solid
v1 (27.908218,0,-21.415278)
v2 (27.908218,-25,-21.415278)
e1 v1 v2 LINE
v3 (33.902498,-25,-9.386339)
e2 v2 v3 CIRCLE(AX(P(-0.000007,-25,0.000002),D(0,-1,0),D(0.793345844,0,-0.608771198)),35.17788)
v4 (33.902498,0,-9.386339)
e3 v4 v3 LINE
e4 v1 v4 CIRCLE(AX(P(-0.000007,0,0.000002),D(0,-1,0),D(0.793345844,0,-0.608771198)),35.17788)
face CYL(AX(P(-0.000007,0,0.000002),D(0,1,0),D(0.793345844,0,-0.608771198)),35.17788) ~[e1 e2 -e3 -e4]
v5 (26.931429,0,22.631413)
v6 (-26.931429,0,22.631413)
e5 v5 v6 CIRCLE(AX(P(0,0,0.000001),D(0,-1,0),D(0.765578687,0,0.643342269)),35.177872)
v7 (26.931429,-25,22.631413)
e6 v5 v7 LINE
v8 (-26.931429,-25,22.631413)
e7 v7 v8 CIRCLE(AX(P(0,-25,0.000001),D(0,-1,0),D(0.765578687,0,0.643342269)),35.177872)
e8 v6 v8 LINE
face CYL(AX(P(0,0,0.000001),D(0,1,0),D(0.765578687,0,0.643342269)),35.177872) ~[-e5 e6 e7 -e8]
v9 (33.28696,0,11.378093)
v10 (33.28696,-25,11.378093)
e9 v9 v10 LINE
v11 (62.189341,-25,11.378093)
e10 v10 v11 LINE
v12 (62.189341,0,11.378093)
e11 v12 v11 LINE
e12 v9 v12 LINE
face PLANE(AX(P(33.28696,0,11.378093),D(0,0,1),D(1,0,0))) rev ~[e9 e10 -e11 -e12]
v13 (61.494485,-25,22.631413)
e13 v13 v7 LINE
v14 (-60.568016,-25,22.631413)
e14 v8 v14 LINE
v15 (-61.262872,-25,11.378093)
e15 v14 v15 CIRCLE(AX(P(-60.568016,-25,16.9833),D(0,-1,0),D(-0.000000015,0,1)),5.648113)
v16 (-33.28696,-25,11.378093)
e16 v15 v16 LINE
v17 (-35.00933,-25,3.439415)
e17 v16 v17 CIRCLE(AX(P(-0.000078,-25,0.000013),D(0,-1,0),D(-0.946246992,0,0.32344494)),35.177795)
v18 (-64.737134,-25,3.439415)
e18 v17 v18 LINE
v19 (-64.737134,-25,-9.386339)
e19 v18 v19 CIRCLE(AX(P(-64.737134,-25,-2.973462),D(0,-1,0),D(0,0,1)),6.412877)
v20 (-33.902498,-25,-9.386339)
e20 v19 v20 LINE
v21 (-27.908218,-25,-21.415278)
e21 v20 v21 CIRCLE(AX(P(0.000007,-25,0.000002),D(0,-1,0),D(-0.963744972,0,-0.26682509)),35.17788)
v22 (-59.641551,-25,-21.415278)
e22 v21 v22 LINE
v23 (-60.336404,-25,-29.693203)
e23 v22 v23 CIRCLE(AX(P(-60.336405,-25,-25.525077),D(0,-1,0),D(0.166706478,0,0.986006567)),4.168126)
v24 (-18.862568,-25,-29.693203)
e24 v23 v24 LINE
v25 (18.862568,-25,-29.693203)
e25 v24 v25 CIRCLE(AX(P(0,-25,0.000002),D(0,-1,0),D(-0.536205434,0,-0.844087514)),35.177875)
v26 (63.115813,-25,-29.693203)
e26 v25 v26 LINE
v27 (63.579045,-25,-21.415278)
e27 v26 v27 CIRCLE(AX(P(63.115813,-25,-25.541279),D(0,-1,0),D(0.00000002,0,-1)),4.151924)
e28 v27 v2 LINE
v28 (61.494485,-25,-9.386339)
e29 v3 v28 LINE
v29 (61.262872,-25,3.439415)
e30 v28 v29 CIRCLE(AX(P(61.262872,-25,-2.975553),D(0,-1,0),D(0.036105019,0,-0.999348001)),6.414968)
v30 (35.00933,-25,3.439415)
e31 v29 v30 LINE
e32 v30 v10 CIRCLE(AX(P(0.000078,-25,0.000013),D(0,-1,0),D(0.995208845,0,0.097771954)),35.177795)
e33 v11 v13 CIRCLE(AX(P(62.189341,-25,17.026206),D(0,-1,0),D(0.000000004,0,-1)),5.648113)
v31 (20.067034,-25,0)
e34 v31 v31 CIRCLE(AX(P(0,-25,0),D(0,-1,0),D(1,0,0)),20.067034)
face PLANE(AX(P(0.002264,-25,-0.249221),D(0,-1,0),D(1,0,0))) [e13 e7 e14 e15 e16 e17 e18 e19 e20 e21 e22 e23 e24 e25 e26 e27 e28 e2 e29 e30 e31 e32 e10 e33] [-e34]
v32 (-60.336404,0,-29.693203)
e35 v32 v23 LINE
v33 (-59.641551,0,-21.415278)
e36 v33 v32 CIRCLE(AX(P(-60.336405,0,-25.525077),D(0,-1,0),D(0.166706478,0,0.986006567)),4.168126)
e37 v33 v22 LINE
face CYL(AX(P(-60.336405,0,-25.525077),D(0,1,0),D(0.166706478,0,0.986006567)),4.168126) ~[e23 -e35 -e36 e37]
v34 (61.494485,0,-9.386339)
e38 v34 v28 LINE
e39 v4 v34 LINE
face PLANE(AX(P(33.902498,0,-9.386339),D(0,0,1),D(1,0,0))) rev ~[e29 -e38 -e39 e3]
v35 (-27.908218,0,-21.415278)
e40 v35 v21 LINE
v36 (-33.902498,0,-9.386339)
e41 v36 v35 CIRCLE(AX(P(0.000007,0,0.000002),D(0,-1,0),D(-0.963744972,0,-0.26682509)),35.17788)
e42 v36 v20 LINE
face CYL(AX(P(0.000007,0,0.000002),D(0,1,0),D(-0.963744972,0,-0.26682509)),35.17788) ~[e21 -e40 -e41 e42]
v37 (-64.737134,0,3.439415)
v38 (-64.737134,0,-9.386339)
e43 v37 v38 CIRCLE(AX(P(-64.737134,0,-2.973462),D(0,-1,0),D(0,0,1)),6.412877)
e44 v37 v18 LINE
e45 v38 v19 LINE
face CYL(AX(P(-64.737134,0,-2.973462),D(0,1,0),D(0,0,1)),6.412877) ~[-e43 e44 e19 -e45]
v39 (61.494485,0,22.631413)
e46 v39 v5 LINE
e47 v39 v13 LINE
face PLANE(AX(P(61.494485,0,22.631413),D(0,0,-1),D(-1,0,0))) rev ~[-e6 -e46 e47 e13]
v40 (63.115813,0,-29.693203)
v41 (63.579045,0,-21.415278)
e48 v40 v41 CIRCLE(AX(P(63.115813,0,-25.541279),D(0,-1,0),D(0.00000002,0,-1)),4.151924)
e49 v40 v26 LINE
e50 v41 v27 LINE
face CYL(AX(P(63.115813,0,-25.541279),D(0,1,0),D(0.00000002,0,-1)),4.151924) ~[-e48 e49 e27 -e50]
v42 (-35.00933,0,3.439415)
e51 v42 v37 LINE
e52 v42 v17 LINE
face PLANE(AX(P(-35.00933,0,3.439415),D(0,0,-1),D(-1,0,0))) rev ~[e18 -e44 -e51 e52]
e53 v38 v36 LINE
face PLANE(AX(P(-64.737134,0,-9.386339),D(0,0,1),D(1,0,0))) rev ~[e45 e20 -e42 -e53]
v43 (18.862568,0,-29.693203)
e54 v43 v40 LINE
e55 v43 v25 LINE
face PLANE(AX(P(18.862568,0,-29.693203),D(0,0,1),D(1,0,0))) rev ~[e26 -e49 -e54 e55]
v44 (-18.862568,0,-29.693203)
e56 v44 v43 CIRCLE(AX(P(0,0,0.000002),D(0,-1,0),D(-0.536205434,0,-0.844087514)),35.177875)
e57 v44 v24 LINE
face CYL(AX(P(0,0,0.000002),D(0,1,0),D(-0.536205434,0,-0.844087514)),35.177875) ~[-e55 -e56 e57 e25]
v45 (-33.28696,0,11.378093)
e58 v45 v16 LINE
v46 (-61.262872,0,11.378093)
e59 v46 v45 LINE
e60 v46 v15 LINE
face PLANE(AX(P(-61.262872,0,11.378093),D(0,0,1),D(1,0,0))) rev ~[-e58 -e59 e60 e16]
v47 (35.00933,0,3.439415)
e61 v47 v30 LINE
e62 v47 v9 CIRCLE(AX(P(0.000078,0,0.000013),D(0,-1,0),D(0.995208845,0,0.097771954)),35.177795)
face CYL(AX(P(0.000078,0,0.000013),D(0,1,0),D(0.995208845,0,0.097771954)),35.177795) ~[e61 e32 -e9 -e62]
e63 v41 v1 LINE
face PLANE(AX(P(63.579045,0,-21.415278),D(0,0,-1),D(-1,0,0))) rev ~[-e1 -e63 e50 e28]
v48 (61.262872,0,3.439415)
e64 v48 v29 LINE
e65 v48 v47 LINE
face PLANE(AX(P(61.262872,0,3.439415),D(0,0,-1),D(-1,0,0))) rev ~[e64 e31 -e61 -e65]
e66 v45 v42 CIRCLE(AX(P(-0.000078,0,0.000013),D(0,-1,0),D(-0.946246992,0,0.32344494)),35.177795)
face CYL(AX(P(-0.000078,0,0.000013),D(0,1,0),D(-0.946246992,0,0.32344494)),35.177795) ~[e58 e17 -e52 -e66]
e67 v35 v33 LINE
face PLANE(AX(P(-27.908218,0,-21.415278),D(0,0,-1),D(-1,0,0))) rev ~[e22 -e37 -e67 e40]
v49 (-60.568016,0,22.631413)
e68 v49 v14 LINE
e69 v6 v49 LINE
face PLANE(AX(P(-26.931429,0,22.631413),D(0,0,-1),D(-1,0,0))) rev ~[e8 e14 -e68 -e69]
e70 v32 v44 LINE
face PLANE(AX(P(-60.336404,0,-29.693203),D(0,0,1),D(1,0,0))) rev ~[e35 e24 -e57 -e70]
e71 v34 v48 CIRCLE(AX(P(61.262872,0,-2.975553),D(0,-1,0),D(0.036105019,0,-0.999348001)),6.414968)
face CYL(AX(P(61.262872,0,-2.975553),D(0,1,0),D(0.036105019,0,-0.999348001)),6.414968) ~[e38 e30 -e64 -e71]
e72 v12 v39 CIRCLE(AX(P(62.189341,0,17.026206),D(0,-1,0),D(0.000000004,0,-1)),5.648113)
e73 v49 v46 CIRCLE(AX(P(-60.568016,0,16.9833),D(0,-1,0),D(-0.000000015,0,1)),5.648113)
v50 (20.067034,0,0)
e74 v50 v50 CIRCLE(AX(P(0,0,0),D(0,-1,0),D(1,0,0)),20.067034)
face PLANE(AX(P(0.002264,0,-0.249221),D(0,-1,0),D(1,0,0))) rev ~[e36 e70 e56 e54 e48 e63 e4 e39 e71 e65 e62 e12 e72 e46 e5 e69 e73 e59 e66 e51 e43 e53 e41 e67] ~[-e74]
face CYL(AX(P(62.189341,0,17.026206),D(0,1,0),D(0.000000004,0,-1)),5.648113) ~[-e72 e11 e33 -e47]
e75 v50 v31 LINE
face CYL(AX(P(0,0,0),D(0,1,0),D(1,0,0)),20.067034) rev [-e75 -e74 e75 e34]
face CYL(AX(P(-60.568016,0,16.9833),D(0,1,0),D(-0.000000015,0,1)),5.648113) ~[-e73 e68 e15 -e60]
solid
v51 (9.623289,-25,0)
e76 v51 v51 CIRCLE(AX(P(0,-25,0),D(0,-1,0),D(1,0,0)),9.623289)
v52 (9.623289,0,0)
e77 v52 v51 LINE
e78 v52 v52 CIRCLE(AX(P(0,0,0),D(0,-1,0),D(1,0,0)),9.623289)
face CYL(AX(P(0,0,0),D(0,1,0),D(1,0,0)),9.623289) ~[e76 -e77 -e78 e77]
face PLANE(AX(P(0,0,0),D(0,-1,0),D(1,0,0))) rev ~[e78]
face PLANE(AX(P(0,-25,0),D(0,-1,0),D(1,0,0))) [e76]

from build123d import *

# Parameters (mm, degrees)
F0_R     = 20.067034
F0_R_2   = 9.623289
F1_DEPTH = 25


with BuildPart() as f1:
    # F0 (on Front) → F1 (new body)
    with BuildSketch(Plane.XZ):
        with BuildLine():
            ThreePointArc((33.902498, -9.386339), (34.857571, -4.736294), (35.177873, 0))
            ThreePointArc((35.177873, 0), (35.135712, 1.721771), (35.00933, 3.439415))
            ThreePointArc((35.00933, 3.439415), (34.378067, 7.458638), (33.28696, 11.378093))
            ThreePointArc((33.28696, 11.378093), (30.630425, 17.299128), (26.931429, 22.631413))
            ThreePointArc((26.931429, 22.631413), (0, 35.177873), (-26.931429, 22.631413))
            ThreePointArc((-26.931429, 22.631413), (-30.630425, 17.299128), (-33.28696, 11.378093))
            ThreePointArc((-33.28696, 11.378093), (-34.378067, 7.458638), (-35.00933, 3.439415))
            ThreePointArc((-35.00933, 3.439415), (-35.04761, -3.024524), (-33.902498, -9.386339))
            ThreePointArc((-33.902498, -9.386339), (-31.485155, -15.689734), (-27.908218, -21.415278))
            ThreePointArc((-27.908218, -21.415278), (-23.748844, -25.951399), (-18.862568, -29.693203))
            ThreePointArc((-18.862568, -29.693203), (0, -35.177873), (18.862568, -29.693203))
            ThreePointArc((18.862568, -29.693203), (23.748844, -25.951399), (27.908218, -21.415278))
            ThreePointArc((27.908218, -21.415278), (31.485155, -15.689734), (33.902498, -9.386339))
        make_face()
        Circle(F0_R, mode=Mode.SUBTRACT)
        with BuildLine():
            ThreePointArc((35.00933, 3.439415), (35.135712, 1.721771), (35.177873, 0))
            ThreePointArc((35.177873, 0), (34.857571, -4.736294), (33.902498, -9.386339))
            Line((33.902498, -9.386339), (61.494485, -9.386339))
            ThreePointArc((61.494485, -9.386339), (67.676795, -2.859728), (61.262872, 3.439415))
            Line((61.262872, 3.439415), (35.00933, 3.439415))
        make_face()
        with BuildLine():
            ThreePointArc((26.931429, 22.631413), (30.630425, 17.299128), (33.28696, 11.378093))
            Line((33.28696, 11.378093), (62.189341, 11.378093))
            ThreePointArc((62.189341, 11.378093), (67.826717, 17.374296), (61.494485, 22.631413))
            Line((61.494485, 22.631413), (26.931429, 22.631413))
        make_face()
        with BuildLine():
            Line((63.579045, -21.415278), (27.908218, -21.415278))
            ThreePointArc((27.908218, -21.415278), (23.748844, -25.951399), (18.862568, -29.693203))
            Line((18.862568, -29.693203), (63.115813, -29.693203))
            ThreePointArc((63.115813, -29.693203), (67.261251, -25.773257), (63.579045, -21.415278))
        make_face()
        with BuildLine():
            ThreePointArc((-33.28696, 11.378093), (-30.630425, 17.299128), (-26.931429, 22.631413))
            Line((-26.931429, 22.631413), (-60.568016, 22.631413))
            ThreePointArc((-60.568016, 22.631413), (-66.205392, 17.33139), (-61.262872, 11.378093))
            Line((-61.262872, 11.378093), (-33.28696, 11.378093))
        make_face()
        with BuildLine():
            Line((-60.336404, -29.693203), (-18.862568, -29.693203))
            ThreePointArc((-18.862568, -29.693203), (-23.748844, -25.951399), (-27.908218, -21.415278))
            Line((-27.908218, -21.415278), (-59.641551, -21.415278))
            ThreePointArc((-59.641551, -21.415278), (-64.489923, -25.176428), (-60.336404, -29.693203))
        make_face()
        with BuildLine():
            ThreePointArc((-33.902498, -9.386339), (-35.04761, -3.024524), (-35.00933, 3.439415))
            Line((-35.00933, 3.439415), (-64.737134, 3.439415))
            ThreePointArc((-64.737134, 3.439415), (-71.150011, -2.973462), (-64.737134, -9.386339))
            Line((-64.737134, -9.386339), (-33.902498, -9.386339))
        make_face()
        Circle(F0_R_2)
    extrude(amount=F1_DEPTH)


solid = f1.part
